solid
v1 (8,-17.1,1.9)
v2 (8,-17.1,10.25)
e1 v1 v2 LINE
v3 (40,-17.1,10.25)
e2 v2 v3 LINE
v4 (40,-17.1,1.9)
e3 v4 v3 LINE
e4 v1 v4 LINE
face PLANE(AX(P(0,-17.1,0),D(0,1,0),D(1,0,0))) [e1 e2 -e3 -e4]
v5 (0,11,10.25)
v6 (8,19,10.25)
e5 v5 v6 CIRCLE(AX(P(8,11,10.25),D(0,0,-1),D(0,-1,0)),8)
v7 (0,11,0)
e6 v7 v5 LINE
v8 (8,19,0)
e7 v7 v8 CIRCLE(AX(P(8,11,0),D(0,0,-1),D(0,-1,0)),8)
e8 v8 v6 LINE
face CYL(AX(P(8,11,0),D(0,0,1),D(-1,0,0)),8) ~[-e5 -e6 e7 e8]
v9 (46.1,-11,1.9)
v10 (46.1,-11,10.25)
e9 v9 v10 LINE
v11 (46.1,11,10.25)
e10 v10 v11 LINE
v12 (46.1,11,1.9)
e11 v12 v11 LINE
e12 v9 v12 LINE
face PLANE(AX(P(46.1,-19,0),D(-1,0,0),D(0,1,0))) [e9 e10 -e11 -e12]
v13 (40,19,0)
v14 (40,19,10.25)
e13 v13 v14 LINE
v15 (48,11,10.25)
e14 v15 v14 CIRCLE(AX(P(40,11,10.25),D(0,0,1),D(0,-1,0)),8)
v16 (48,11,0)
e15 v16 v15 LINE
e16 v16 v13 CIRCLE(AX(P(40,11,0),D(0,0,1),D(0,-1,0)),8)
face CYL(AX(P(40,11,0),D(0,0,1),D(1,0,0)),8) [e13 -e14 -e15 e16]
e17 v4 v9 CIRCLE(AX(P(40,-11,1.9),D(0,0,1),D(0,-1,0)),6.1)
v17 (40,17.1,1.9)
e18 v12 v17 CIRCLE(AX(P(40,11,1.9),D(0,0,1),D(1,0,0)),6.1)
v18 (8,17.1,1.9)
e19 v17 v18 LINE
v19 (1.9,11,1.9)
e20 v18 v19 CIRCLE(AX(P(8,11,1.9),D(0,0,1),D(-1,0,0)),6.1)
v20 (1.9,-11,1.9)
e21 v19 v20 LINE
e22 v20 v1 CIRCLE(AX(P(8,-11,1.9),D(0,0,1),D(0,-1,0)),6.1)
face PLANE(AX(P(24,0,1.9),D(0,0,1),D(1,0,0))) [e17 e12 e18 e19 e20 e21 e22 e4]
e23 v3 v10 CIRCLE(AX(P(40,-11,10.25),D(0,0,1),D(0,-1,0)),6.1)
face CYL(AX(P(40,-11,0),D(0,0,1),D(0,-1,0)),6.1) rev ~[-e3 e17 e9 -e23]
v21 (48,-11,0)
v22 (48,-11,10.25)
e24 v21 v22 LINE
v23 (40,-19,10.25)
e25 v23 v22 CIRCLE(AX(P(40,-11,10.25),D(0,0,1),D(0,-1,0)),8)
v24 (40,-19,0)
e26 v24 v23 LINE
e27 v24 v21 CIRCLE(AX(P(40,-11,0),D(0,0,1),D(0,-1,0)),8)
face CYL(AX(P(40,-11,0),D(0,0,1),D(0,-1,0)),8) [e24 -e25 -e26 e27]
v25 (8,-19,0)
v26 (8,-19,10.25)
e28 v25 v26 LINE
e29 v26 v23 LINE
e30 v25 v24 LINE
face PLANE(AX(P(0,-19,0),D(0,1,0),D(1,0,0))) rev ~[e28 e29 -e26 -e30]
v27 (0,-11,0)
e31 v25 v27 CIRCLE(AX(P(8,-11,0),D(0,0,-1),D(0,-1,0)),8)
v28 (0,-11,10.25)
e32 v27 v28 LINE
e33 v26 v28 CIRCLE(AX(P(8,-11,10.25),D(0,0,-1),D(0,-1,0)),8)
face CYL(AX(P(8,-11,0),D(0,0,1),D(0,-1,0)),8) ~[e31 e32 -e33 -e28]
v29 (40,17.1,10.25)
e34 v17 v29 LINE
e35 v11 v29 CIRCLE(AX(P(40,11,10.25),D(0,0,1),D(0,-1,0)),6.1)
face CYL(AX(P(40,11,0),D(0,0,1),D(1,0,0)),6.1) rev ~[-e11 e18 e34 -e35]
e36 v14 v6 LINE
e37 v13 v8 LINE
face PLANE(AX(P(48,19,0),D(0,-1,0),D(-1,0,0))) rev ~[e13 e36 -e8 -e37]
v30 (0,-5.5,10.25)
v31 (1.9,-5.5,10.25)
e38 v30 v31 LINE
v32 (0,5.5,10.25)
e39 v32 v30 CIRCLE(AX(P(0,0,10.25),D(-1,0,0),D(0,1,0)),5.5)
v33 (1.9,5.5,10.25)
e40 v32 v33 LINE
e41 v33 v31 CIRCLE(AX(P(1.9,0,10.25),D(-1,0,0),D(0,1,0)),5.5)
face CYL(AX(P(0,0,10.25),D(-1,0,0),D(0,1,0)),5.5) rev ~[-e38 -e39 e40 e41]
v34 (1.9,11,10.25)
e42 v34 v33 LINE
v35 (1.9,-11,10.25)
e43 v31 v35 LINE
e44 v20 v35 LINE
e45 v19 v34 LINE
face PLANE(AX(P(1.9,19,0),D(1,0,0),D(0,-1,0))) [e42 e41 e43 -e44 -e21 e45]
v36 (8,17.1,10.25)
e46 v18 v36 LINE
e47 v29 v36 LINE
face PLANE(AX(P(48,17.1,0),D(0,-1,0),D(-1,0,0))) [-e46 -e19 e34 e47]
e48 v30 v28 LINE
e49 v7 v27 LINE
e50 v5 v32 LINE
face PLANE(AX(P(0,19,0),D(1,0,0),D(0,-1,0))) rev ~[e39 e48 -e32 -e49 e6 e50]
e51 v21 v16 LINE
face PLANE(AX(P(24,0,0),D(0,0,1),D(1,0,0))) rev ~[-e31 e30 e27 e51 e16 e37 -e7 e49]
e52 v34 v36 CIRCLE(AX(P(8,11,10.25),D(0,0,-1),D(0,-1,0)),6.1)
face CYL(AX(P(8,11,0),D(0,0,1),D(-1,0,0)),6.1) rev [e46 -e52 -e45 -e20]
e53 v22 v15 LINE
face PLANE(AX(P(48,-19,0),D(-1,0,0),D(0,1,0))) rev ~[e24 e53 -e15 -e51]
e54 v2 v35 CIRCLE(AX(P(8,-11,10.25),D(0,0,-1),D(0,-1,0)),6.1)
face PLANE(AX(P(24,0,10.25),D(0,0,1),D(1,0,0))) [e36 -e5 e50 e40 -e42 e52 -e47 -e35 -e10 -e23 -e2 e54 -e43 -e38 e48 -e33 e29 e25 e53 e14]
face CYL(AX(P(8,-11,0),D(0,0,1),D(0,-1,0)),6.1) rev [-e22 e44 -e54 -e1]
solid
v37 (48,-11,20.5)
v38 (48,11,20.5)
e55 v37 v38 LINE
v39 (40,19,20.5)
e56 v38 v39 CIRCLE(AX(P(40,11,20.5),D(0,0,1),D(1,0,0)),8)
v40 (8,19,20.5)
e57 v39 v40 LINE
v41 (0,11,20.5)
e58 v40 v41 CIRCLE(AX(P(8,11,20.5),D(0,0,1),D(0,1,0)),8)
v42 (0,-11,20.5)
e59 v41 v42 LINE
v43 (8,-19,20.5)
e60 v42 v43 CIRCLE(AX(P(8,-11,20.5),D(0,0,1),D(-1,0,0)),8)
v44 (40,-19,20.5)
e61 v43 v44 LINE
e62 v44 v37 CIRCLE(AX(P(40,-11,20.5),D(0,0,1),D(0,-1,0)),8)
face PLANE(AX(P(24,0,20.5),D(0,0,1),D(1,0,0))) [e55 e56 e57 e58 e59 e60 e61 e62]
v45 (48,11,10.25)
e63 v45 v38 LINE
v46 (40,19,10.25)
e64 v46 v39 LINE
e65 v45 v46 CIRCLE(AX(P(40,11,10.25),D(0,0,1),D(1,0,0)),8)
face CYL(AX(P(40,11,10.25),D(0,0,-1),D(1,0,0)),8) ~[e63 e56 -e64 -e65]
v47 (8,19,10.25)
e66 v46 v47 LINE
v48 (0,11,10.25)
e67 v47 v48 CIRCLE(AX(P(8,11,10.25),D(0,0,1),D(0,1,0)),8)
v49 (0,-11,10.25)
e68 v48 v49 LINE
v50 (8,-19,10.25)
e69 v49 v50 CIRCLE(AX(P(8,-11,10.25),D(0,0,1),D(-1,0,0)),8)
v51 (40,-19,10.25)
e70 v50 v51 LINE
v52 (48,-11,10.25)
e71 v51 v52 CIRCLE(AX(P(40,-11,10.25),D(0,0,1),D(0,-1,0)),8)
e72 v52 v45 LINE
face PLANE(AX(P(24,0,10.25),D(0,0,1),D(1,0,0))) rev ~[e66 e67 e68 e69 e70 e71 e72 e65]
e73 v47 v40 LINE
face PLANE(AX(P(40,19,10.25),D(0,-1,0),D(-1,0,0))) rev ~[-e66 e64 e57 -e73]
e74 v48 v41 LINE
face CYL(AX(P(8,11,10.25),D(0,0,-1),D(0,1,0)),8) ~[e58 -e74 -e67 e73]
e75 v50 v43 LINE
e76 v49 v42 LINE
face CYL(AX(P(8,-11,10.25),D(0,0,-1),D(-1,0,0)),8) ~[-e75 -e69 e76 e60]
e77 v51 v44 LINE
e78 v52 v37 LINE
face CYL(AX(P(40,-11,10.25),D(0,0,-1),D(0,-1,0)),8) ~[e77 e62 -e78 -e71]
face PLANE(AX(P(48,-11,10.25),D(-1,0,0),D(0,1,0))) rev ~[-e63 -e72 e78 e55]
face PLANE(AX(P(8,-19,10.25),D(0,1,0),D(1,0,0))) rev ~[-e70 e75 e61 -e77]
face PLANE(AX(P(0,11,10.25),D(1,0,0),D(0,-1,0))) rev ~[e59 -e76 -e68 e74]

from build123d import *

# Parameters (mm, degrees)
F1_DEPTH = 10.25
F2_R     = 8
F3_R     = 8
F4_T     = -1.9
F7_DEPTH = 10.25
F8_DEPTH = 1.9


with BuildPart() as f1:
    # F0 (on Top) → F1 (new body)
    with BuildSketch(Plane.XY):
        Polygon((0, 19), (0, 0), (0, -19), (48, -19), (48, 19), align=None)
    extrude(amount=F1_DEPTH)

    # F2
    f2_edges = [f1.edges().sort_by_distance(p)[0] for p in [
        (48, -19, 5.125),
        (48, 19, 5.125),
    ]]
    fillet(f2_edges, radius=F2_R)

    # F3
    f3_edges = [f1.edges().sort_by_distance(p)[0] for p in [
        (0, -19, 5.125),
        (0, 19, 5.125),
    ]]
    fillet(f3_edges, radius=F3_R)

    # F4
    f4_openings = [f1.faces().sort_by_distance(p)[0] for p in [
        (24, 0, 10.25),
    ]]
    offset(amount=F4_T, openings=f4_openings)

    # F5 (on face) → F8 (cut, through all)
    with BuildSketch(Plane(origin=(0, 0, 0), x_dir=(0, -1, 0), z_dir=(-1, 0, 0))):
        with BuildLine():
            ThreePointArc((-5.5, 10.25), (0, 4.75), (5.5, 10.25))
            Line((5.5, 10.25), (-5.5, 10.25))
        make_face()
    extrude(amount=-F8_DEPTH, mode=Mode.SUBTRACT)


with BuildPart() as f7:
    # F6 (on face) → F7 (new body)
    with BuildSketch(Plane.XY.offset(10.25)):
        with BuildLine():
            Line((0, 11), (0, -11))
            ThreePointArc((0, -11), (2.3431457505, -16.6568542495), (8, -19))
            Line((8, -19), (40, -19))
            ThreePointArc((40, -19), (45.6568542495, -16.6568542495), (48, -11))
            Line((48, -11), (48, 11))
            ThreePointArc((48, 11), (45.6568542495, 16.6568542495), (40, 19))
            Line((40, 19), (8, 19))
            ThreePointArc((8, 19), (2.3431457505, 16.6568542495), (0, 11))
        make_face()
    extrude(amount=F7_DEPTH)


solid = Compound([f1.part, f7.part])
